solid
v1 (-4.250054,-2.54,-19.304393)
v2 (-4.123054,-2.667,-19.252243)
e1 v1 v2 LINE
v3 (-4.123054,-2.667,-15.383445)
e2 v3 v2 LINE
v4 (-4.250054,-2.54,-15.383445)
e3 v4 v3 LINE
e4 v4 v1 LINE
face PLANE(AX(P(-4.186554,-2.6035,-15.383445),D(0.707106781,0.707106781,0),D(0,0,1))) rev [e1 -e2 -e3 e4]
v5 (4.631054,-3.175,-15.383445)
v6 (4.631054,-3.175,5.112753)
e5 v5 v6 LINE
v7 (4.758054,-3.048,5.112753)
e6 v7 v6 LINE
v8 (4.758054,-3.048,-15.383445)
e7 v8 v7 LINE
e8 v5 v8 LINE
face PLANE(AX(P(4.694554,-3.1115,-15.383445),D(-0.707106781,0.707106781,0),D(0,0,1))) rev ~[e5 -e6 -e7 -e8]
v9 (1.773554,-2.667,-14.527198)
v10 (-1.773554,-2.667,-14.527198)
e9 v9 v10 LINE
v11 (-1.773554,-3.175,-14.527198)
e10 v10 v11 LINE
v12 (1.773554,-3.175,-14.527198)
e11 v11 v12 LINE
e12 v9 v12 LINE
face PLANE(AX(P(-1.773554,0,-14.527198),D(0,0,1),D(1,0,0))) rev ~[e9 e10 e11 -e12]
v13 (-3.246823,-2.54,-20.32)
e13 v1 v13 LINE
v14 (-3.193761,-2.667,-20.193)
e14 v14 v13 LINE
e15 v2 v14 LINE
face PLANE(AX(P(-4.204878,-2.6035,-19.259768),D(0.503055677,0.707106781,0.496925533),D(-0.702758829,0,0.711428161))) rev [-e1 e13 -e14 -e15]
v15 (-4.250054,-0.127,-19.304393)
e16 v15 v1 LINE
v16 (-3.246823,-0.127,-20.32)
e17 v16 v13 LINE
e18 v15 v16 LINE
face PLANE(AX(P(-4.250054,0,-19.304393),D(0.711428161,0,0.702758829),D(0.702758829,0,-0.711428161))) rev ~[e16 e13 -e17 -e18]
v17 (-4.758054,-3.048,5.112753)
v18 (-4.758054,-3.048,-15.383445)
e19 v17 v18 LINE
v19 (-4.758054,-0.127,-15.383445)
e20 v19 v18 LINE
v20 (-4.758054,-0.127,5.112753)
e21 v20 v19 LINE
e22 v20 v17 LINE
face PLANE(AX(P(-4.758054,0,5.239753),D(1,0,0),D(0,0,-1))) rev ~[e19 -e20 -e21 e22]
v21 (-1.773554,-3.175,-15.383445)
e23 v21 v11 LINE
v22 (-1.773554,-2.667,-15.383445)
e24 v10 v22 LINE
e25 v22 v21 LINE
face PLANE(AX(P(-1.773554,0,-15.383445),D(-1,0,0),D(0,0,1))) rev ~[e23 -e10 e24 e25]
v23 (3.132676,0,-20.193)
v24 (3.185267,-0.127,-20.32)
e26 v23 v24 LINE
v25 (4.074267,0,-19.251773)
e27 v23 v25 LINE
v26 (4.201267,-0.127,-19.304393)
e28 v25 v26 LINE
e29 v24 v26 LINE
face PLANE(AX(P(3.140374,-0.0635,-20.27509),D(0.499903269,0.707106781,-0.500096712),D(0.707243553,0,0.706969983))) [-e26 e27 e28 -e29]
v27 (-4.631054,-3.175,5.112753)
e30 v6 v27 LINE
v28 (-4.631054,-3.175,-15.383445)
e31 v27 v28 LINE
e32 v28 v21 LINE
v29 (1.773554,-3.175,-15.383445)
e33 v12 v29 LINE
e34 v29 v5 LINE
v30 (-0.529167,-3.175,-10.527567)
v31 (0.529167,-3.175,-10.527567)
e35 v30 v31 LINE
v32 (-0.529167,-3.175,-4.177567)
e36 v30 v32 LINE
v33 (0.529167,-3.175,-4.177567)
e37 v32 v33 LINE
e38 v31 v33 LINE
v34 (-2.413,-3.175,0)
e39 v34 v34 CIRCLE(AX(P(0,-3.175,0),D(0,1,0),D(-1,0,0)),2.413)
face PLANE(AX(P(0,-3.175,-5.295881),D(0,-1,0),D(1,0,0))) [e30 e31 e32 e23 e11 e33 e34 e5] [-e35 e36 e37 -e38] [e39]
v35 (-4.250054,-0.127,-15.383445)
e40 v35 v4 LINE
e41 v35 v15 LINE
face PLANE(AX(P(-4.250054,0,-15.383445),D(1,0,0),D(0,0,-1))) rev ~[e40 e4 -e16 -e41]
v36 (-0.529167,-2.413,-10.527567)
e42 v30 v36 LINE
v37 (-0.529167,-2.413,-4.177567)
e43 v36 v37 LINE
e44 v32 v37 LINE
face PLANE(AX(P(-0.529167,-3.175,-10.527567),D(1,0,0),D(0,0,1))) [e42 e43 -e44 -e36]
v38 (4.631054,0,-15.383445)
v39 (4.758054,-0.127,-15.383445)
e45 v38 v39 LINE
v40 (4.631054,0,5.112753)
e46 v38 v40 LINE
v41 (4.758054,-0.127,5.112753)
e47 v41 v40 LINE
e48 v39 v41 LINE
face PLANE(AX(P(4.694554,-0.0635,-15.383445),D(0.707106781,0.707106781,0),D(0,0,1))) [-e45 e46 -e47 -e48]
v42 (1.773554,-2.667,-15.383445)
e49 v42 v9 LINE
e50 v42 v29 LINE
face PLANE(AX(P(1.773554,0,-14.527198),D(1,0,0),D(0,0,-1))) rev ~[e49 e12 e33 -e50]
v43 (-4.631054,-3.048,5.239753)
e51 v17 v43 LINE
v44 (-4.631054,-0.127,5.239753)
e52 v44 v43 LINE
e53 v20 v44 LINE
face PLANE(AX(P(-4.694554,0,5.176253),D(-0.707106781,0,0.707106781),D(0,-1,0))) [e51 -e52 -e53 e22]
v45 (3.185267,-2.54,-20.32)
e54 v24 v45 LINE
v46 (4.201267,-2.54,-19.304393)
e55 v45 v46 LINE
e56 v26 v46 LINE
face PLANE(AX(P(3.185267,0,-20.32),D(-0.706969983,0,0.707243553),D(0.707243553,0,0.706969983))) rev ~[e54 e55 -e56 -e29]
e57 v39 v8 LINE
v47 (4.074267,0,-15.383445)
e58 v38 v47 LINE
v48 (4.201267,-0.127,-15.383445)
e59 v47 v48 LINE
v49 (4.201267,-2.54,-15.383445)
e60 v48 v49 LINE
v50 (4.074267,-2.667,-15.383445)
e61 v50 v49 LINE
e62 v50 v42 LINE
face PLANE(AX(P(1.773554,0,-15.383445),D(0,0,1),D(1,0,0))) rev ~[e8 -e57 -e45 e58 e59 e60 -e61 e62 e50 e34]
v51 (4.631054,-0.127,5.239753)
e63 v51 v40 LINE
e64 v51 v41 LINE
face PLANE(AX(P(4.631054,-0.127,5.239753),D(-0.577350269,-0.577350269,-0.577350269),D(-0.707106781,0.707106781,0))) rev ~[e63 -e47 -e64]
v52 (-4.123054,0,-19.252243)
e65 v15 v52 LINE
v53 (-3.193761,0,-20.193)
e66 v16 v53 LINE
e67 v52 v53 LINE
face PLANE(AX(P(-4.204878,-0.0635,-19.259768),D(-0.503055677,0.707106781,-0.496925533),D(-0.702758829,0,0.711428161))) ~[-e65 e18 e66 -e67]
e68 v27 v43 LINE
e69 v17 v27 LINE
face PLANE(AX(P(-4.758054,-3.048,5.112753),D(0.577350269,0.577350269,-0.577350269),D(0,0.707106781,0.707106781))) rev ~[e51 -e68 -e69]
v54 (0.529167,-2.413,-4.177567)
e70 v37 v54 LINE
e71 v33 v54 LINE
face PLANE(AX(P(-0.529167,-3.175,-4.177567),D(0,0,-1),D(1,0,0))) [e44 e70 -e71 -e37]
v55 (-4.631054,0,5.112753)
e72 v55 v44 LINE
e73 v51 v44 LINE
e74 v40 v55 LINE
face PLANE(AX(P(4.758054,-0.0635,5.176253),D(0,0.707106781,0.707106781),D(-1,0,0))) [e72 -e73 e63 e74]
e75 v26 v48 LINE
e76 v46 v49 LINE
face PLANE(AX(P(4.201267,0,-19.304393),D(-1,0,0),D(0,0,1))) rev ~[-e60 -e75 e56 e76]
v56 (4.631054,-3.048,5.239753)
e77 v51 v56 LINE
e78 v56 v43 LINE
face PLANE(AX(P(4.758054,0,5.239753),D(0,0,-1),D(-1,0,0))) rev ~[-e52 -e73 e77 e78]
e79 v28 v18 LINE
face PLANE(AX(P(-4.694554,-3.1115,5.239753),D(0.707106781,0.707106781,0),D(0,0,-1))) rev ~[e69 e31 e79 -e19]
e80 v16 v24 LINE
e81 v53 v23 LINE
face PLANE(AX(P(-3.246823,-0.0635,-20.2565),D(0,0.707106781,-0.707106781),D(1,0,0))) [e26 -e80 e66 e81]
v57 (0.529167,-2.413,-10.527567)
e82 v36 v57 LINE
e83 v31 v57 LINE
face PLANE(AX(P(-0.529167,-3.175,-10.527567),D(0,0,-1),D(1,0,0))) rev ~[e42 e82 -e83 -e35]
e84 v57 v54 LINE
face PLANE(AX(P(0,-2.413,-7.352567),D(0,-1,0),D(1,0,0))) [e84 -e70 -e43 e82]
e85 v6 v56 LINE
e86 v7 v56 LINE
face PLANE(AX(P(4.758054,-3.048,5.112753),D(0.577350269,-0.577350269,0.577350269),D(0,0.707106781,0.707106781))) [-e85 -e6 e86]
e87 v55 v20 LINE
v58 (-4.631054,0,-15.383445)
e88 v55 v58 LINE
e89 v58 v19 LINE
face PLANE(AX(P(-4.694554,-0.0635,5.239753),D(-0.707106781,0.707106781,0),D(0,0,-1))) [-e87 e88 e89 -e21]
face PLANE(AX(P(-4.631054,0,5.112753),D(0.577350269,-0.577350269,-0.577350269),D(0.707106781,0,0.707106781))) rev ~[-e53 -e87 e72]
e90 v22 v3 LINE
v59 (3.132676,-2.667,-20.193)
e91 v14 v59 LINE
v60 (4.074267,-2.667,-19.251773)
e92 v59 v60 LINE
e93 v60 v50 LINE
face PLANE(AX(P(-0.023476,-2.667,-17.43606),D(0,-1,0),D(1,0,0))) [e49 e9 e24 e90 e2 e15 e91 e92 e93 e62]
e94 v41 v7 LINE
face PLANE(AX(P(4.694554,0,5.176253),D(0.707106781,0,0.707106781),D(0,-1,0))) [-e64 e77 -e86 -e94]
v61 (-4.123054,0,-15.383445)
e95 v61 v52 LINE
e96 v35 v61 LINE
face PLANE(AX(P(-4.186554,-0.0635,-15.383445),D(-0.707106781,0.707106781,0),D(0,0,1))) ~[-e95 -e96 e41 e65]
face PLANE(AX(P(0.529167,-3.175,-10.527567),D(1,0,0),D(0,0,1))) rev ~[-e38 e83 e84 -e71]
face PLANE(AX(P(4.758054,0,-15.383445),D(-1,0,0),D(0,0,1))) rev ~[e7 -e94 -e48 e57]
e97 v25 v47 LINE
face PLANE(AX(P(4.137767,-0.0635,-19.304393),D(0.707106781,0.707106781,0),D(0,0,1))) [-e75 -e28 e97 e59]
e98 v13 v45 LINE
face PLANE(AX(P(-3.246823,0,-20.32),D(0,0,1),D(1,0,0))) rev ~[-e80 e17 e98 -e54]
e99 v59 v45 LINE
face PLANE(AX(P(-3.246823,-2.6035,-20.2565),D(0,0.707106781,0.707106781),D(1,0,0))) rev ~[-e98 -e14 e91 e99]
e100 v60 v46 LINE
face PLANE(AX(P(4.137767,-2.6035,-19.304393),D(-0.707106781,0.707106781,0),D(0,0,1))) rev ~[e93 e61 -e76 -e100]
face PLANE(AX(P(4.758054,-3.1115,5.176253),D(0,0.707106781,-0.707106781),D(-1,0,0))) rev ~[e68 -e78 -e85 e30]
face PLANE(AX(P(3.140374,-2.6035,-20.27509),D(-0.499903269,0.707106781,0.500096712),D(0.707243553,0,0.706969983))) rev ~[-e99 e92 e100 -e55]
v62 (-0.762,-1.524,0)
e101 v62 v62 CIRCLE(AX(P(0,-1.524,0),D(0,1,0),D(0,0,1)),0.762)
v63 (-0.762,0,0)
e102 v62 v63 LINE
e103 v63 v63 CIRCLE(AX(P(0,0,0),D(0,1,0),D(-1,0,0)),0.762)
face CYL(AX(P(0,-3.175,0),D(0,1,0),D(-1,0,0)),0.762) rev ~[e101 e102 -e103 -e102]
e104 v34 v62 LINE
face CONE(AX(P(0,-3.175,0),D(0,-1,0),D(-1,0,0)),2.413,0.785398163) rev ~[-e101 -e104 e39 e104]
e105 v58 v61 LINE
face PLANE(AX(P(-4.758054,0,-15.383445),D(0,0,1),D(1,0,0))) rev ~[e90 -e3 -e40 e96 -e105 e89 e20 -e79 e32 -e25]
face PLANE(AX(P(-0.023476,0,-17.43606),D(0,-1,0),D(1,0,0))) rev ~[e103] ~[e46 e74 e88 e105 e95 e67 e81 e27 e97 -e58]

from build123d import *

# Parameters (mm, degrees)
F1_DEPTH       = 3.175
F3_DEPTH       = 2.667
F4_SIZE        = 0.127
F5_D           = 1.524
F5_CSINK_D     = 4.826
F5_CSINK_ANGLE = 90
F6_W           = 1.058334
F6_H           = 6.35
F7_DEPTH       = 0.762


with BuildPart() as f1:
    # F0 (on Front) → F1 (new body)
    with BuildSketch(Plane.XZ):
        Polygon((4.758054, 5.239753), (-4.758054, 5.239753), (-4.758054, -15.383445), (-4.250054, -15.383445), (-1.773554, -15.383445), (-1.773554, -14.527198), (1.773554, -14.527198), (1.773554, -15.383445), (4.201267, -15.383445), (4.758054, -15.383445), align=None)
    extrude(amount=F1_DEPTH)

    # F0 (on Front) → F3 (join)
    with BuildSketch(Plane.XZ):
        Polygon((-1.773554, -15.383445), (-4.250054, -15.383445), (-4.250054, -19.304393), (-3.246823, -20.32), (3.185267, -20.32), (4.201267, -19.304393), (4.201267, -15.383445), (1.773554, -15.383445), (1.773554, -14.527198), (-1.773554, -14.527198), align=None)
    extrude(amount=F3_DEPTH)

    # F4
    f4_edges = [f1.edges().sort_by_distance(p)[0] for p in [
        (0, -3.175, 5.239753),
        (-4.758054, -3.175, -5.071846),
        (-4.758054, -1.5875, 5.239753),
        (-4.758054, 0, -5.071846),
        (4.758054, -3.175, -5.071846),
        (4.758054, 0, -5.071846),
        (4.758054, -1.5875, 5.239753),
        (0, 0, 5.239753),
        (-4.250054, -2.667, -17.343919),
        (4.201267, -2.667, -17.343919),
        (4.201267, 0, -17.343919),
        (-4.250054, 0, -17.343919),
        (3.693267, -2.667, -19.812197),
        (-0.030778, -2.667, -20.32),
        (-3.748439, -2.667, -19.812197),
        (-3.748439, 0, -19.812197),
        (-0.030778, 0, -20.32),
        (3.693267, 0, -19.812197),
    ]]
    chamfer(f4_edges, length=F4_SIZE)

    # F5 (through all)
    with Locations(Plane.XZ.offset(3.175)):
        with Locations((0, 0)):
            CounterSinkHole(F5_D / 2, F5_CSINK_D / 2, counter_sink_angle=F5_CSINK_ANGLE)

    # F6 (on face) → F7 (cut)
    with BuildSketch(Plane.XZ.offset(3.175)):
        with Locations((0, -7.352567)):
            Rectangle(F6_W, F6_H)
    extrude(amount=-F7_DEPTH, mode=Mode.SUBTRACT)


solid = f1.part
